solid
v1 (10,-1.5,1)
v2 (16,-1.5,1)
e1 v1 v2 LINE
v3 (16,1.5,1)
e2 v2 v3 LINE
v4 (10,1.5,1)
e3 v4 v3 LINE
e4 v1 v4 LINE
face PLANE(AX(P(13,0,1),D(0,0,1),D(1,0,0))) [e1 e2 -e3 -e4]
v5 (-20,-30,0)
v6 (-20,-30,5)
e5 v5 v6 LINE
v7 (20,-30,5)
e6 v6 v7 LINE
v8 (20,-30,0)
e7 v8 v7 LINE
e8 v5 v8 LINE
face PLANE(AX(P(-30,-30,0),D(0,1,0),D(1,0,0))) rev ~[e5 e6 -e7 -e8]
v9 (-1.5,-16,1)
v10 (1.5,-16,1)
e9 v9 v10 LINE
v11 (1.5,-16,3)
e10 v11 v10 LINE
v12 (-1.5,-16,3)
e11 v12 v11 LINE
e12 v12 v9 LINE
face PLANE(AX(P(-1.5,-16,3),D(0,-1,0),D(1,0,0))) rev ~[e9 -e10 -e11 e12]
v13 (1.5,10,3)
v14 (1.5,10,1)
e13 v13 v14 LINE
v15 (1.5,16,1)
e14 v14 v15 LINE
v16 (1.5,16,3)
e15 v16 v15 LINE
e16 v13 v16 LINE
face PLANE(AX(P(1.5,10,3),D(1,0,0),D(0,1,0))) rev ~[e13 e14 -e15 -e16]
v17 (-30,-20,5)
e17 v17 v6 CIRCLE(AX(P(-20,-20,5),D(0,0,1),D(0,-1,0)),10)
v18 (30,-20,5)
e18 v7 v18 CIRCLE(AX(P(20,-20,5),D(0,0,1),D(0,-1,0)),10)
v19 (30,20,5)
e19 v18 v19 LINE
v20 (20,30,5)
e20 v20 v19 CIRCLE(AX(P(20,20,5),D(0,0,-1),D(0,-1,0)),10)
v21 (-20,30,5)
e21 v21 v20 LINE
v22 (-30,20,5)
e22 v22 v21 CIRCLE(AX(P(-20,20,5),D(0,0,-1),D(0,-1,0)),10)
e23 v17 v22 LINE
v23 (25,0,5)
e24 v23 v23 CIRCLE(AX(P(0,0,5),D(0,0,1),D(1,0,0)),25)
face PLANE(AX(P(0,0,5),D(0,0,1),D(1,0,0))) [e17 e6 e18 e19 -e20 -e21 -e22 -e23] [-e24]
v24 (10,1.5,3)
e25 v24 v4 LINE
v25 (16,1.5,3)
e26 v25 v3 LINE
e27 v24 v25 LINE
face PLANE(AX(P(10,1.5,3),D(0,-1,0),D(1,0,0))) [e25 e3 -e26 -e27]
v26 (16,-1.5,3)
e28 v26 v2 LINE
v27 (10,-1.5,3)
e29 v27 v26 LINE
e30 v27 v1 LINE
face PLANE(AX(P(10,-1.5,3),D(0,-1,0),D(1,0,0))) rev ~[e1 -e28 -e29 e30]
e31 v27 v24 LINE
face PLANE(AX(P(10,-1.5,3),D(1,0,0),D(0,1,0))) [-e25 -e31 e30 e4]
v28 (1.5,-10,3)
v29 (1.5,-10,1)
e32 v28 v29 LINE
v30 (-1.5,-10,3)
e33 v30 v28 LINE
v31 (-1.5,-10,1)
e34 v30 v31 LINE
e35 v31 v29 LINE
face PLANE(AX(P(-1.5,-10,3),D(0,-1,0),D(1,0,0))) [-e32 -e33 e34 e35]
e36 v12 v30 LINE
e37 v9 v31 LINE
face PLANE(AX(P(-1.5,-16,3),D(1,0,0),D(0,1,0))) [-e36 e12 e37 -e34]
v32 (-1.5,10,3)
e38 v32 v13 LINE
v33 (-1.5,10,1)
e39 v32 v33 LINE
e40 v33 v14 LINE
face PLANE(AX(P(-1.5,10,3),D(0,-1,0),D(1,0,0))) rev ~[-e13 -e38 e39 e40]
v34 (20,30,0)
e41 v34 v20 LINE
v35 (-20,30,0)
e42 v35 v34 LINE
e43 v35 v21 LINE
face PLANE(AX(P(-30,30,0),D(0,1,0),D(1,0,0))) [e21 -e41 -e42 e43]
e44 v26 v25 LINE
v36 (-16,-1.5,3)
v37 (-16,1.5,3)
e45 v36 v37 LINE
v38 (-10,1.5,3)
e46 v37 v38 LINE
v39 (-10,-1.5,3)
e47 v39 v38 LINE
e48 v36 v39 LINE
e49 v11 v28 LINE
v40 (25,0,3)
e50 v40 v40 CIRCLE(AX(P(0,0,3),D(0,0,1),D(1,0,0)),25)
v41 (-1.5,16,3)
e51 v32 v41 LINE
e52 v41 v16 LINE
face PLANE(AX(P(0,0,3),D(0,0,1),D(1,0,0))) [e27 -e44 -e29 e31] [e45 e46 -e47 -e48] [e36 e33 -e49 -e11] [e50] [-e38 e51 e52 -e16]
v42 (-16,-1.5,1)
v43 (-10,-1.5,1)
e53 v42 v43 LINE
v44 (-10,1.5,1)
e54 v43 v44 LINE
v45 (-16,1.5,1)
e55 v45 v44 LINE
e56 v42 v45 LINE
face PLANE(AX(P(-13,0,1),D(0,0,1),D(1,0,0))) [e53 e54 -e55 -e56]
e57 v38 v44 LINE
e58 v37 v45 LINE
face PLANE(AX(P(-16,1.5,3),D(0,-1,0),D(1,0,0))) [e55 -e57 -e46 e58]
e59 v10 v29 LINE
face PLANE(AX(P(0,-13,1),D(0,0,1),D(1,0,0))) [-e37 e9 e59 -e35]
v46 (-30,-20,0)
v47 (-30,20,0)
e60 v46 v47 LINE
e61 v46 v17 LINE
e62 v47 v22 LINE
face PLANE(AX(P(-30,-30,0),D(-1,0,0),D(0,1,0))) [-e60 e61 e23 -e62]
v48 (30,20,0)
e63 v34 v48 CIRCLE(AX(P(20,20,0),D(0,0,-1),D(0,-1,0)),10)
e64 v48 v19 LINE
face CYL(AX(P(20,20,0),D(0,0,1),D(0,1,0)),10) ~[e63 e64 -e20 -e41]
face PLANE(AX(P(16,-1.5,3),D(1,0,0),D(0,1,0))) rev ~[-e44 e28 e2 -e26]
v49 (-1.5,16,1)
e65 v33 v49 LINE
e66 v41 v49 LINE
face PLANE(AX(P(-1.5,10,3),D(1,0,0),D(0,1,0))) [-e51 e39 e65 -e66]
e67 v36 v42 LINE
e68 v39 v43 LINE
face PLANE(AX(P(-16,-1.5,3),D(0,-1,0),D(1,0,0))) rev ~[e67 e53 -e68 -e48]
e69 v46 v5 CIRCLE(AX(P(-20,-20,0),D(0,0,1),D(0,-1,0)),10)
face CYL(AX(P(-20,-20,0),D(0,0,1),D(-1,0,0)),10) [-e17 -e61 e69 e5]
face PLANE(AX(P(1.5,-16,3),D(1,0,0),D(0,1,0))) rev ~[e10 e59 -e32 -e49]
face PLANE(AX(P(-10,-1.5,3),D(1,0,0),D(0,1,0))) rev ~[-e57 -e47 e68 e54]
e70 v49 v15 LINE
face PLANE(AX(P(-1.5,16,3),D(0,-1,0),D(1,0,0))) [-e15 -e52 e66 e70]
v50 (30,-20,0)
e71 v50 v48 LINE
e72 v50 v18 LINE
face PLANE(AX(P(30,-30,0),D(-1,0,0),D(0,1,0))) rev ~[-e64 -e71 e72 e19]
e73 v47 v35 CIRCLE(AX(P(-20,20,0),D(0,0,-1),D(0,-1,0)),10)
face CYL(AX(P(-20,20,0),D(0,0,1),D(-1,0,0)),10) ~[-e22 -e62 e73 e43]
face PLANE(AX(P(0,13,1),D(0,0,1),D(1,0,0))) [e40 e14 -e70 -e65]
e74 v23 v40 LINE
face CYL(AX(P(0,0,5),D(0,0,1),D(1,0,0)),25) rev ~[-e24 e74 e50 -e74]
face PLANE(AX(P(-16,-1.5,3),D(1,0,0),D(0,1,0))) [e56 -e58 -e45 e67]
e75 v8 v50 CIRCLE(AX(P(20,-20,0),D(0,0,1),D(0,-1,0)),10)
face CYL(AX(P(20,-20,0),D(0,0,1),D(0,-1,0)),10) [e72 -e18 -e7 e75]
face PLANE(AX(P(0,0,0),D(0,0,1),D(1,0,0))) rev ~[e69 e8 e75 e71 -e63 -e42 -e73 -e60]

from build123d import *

# Parameters (mm, degrees)
F0_W     = 60
F0_H     = 60
F1_DEPTH = 5
F2_R     = 25
F3_DEPTH = 2
F4_W     = 6
F4_H     = 3
F4_W_2   = 3
F4_H_2   = 6
F5_DEPTH = 2
F6_R     = 10


with BuildPart() as f1:
    # F0 (on Top) → F1 (new body)
    with BuildSketch(Plane.XY):
        Rectangle(F0_W, F0_H)
    extrude(amount=F1_DEPTH)

    # F2 (on face) → F3 (cut)
    with BuildSketch(Plane.XY.offset(5)):
        Circle(F2_R)
    extrude(amount=-F3_DEPTH, mode=Mode.SUBTRACT)

    # F4 (on face) → F5 (cut)
    with BuildSketch(Plane.XY.offset(3)):
        with Locations((-13, 0)):
            Rectangle(F4_W, F4_H)
        with Locations((0, 13)):
            Rectangle(F4_W_2, F4_H_2)
        with Locations((13, 0)):
            Rectangle(F4_W, F4_H)
        with Locations((0, -13)):
            Rectangle(F4_W_2, F4_H_2)
    extrude(amount=-F5_DEPTH, mode=Mode.SUBTRACT)

    # F6
    f6_edges = [f1.edges().sort_by_distance(p)[0] for p in [
        (-30, -30, 2.5),
        (-30, 30, 2.5),
        (30, -30, 2.5),
        (30, 30, 2.5),
    ]]
    fillet(f6_edges, radius=F6_R)


solid = f1.part
